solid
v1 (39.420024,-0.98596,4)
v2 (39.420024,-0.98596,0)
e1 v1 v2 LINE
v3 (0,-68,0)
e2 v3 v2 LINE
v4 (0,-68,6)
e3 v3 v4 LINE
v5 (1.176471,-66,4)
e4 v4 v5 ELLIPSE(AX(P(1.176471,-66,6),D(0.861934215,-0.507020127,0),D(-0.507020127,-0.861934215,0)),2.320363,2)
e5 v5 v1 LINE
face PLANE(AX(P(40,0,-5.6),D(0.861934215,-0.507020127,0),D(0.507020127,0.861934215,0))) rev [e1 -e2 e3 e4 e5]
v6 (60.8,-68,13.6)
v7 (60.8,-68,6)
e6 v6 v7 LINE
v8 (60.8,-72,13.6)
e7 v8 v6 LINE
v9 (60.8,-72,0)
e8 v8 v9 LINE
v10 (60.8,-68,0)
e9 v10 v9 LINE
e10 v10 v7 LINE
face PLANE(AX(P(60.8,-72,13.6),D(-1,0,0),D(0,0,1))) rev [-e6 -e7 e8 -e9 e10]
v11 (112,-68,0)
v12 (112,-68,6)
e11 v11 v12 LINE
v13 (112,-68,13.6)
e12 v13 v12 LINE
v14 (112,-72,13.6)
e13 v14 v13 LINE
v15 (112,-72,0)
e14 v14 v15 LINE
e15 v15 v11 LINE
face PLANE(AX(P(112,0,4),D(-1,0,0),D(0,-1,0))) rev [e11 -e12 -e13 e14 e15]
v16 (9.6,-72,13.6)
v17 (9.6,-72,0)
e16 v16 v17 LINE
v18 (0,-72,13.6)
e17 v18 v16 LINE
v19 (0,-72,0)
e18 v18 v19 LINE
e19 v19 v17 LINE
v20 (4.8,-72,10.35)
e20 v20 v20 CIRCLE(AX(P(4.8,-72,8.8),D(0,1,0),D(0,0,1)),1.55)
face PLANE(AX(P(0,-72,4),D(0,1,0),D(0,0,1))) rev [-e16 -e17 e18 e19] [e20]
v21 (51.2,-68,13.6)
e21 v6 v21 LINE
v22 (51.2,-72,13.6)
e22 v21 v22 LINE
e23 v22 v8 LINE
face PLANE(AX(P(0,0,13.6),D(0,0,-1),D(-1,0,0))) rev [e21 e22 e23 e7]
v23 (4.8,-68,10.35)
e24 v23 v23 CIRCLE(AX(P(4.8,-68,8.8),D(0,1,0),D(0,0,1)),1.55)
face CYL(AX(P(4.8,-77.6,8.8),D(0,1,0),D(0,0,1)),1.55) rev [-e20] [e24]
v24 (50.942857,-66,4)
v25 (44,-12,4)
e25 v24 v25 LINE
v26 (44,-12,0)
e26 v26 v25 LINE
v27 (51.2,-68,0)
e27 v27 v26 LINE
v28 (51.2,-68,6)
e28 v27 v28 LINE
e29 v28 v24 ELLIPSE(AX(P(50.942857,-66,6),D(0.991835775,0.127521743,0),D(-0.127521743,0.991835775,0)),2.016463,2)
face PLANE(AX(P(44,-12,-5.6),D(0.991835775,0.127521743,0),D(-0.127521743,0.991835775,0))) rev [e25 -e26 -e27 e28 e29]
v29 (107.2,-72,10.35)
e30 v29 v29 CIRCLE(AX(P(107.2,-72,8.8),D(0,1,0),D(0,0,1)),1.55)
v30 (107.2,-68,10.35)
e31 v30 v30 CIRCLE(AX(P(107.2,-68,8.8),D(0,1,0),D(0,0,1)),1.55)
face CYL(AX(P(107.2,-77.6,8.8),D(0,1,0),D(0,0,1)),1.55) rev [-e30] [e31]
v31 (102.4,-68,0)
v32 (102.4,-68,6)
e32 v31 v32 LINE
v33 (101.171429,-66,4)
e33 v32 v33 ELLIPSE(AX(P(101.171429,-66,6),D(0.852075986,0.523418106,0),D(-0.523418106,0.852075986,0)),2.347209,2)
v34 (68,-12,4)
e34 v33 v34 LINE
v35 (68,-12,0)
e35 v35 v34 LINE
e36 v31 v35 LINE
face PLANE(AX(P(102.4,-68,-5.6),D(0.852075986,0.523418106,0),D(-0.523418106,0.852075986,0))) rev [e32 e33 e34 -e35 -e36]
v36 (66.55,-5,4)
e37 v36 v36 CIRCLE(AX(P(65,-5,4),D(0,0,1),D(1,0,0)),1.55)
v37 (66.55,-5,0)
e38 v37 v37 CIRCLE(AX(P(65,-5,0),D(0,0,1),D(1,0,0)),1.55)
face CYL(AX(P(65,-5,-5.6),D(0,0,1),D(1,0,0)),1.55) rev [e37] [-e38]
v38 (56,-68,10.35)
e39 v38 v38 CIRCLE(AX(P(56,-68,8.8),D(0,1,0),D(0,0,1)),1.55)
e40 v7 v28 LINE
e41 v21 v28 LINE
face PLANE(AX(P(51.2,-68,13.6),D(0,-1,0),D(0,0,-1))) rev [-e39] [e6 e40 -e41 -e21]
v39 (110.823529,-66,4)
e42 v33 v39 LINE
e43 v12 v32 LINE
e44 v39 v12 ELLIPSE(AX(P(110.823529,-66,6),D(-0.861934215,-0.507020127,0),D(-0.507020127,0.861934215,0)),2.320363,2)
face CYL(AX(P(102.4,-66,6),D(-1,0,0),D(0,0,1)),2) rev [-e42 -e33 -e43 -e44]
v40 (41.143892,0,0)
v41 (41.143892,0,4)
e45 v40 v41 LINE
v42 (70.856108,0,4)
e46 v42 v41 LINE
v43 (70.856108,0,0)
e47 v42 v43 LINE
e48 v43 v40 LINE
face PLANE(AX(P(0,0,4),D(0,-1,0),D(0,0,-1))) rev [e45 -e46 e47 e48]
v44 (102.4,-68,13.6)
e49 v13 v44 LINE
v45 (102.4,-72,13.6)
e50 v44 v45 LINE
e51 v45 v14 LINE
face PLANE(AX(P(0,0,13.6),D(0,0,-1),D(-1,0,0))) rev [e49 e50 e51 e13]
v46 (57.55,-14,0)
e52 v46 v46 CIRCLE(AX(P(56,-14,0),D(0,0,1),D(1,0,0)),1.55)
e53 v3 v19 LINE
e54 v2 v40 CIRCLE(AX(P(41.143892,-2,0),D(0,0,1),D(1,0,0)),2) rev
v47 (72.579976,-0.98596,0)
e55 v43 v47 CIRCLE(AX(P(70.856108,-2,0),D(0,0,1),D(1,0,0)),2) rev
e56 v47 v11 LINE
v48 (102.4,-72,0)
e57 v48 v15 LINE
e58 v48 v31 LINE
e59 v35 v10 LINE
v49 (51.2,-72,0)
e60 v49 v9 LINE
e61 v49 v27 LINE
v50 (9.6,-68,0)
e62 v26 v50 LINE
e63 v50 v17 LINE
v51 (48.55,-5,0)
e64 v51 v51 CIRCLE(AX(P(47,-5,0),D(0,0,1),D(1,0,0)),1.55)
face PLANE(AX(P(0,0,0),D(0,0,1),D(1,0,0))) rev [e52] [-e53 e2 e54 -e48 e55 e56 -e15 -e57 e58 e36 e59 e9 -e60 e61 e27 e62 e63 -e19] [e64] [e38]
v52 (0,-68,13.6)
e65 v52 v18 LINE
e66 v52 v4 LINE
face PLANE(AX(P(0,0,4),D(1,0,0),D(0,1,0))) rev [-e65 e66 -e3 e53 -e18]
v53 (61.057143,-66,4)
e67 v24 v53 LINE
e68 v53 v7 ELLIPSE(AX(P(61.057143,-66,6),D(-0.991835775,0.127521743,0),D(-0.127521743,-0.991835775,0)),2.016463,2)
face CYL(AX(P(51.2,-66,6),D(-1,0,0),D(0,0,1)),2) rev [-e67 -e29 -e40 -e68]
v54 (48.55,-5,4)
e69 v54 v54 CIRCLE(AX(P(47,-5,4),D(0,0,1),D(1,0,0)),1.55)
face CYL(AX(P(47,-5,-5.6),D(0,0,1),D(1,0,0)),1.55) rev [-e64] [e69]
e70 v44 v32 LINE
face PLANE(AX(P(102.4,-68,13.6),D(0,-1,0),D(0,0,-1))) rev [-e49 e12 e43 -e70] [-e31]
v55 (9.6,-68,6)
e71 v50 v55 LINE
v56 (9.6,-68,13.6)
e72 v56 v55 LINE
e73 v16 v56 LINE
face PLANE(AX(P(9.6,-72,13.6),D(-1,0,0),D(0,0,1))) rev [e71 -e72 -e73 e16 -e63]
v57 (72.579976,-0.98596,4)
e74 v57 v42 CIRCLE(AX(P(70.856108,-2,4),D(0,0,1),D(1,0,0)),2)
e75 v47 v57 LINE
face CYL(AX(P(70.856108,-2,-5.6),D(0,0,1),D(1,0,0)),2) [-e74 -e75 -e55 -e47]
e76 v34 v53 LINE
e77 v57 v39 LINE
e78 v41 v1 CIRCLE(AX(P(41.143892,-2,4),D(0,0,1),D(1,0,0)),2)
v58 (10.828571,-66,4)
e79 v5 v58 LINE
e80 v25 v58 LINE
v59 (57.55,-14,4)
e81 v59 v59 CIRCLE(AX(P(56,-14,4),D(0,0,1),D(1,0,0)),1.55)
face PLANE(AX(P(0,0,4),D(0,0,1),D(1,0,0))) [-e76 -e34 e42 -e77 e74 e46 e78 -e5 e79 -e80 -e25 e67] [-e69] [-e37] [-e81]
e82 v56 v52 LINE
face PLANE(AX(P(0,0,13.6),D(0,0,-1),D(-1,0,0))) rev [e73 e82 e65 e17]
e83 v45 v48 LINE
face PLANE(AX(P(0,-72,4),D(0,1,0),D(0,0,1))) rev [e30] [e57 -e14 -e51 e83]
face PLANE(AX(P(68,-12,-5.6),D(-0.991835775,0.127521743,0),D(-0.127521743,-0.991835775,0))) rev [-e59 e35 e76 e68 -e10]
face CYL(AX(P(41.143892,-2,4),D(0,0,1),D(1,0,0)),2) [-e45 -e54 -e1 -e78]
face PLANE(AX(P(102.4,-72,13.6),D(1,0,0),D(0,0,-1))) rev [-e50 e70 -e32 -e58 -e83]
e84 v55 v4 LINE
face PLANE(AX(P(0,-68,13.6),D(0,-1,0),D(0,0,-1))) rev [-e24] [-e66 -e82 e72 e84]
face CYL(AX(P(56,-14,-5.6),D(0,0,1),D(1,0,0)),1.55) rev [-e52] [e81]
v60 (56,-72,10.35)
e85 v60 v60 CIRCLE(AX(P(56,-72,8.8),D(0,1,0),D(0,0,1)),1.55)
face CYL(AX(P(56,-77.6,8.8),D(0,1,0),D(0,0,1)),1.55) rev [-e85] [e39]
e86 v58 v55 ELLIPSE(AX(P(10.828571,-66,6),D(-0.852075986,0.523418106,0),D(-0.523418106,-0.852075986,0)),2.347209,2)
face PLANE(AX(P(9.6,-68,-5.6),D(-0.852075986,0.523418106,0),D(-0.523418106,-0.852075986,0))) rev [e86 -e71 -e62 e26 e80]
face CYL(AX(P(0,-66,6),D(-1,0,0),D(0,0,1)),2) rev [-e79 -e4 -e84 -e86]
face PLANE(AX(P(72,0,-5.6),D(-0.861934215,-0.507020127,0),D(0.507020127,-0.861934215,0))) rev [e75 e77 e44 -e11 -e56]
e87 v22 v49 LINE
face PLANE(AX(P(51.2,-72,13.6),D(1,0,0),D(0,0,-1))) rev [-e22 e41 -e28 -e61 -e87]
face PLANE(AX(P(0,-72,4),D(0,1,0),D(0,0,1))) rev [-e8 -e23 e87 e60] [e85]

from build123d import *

# Parameters (mm, degrees)
SKETCH1_W           = 112
SKETCH1_H           = 72
BOSS_EXTRUDE1_DEPTH = 4
SKETCH2_W           = 9.6
SKETCH2_H           = 4
BOSS_EXTRUDE2_DEPTH = 9.6
SKETCH3_R           = 1.55
CUT_EXTRUDE1_DEPTH  = 9.6
SKETCH4_R           = 1.55
CUT_EXTRUDE2_DEPTH  = 9.6
CUT_EXTRUDE4_DEPTH  = 9.6
CUT_EXTRUDE5_DEPTH  = 9.6
FILLET1_R           = 2
FILLET2_R           = 2


with BuildPart() as part:
    # Sketch1 → Boss-Extrude1 (new body)
    with BuildSketch(Plane.XY):
        with Locations((56, -36)):
            Rectangle(SKETCH1_W, SKETCH1_H)
    extrude(amount=BOSS_EXTRUDE1_DEPTH)

    # Sketch2 → Boss-Extrude2 (add)
    with BuildSketch(Plane.XY.offset(4)):
        with Locations((4.8, -70)):
            Rectangle(SKETCH2_W, SKETCH2_H)
        with Locations((107.2, -70)):
            Rectangle(SKETCH2_W, SKETCH2_H)
        with Locations((56, -70)):
            Rectangle(SKETCH2_W, SKETCH2_H)
    extrude(amount=BOSS_EXTRUDE2_DEPTH)

    # Sketch3 → Cut-Extrude1 (cut)
    with BuildSketch(Plane(origin=(0, -68, 0), x_dir=(1, 0, 0), z_dir=(0, 1, 0))):
        with Locations(Location((4.8, -8.8, 0), (0, 0, 270))):
            Circle(SKETCH3_R)
        with Locations(Location((56, -8.8, 0), (0, 0, 270))):
            Circle(SKETCH3_R)
        with Locations(Location((107.2, -8.8, 0), (0, 0, 270))):
            Circle(SKETCH3_R)
    extrude(amount=-CUT_EXTRUDE1_DEPTH, mode=Mode.SUBTRACT)

    # Sketch4 → Cut-Extrude2 (cut)
    with BuildSketch(Plane.XY.offset(4)):
        with Locations((47, -5)):
            Circle(SKETCH4_R)
        with Locations((65, -5)):
            Circle(SKETCH4_R)
        with Locations((56, -14)):
            Circle(SKETCH4_R)
    extrude(amount=-CUT_EXTRUDE2_DEPTH, mode=Mode.SUBTRACT)

    # Sketch5 → Cut-Extrude4 (cut)
    with BuildSketch(Plane.XY.offset(4)):
        Polygon((0, -68), (0, 0), (40, 0), align=None)
        Polygon((72, 0), (112, -68), (112, 0), align=None)
    extrude(amount=-CUT_EXTRUDE4_DEPTH, mode=Mode.SUBTRACT)

    # Sketch6 → Cut-Extrude5 (cut)
    with BuildSketch(Plane.XY.offset(4)):
        Polygon((9.6, -68), (44, -12), (51.2, -68), (51.2, -72), (9.6, -72), align=None)
        Polygon((102.4, -72), (102.4, -68), (68, -12), (60.8, -68), (60.8, -72), align=None)
    extrude(amount=-CUT_EXTRUDE5_DEPTH, mode=Mode.SUBTRACT)

    # Fillet1
    fillet1_edges = [part.edges().sort_by_distance(p)[0] for p in [
        (4.8, -68, 4),
        (107.2, -68, 4),
        (56, -68, 4),
    ]]
    fillet(fillet1_edges, radius=FILLET1_R)

    # Fillet2
    fillet2_edges = [part.edges().sort_by_distance(p)[0] for p in [
        (40, 0, 2),
        (72, 0, 2),
    ]]
    fillet(fillet2_edges, radius=FILLET2_R)


solid = part.part
